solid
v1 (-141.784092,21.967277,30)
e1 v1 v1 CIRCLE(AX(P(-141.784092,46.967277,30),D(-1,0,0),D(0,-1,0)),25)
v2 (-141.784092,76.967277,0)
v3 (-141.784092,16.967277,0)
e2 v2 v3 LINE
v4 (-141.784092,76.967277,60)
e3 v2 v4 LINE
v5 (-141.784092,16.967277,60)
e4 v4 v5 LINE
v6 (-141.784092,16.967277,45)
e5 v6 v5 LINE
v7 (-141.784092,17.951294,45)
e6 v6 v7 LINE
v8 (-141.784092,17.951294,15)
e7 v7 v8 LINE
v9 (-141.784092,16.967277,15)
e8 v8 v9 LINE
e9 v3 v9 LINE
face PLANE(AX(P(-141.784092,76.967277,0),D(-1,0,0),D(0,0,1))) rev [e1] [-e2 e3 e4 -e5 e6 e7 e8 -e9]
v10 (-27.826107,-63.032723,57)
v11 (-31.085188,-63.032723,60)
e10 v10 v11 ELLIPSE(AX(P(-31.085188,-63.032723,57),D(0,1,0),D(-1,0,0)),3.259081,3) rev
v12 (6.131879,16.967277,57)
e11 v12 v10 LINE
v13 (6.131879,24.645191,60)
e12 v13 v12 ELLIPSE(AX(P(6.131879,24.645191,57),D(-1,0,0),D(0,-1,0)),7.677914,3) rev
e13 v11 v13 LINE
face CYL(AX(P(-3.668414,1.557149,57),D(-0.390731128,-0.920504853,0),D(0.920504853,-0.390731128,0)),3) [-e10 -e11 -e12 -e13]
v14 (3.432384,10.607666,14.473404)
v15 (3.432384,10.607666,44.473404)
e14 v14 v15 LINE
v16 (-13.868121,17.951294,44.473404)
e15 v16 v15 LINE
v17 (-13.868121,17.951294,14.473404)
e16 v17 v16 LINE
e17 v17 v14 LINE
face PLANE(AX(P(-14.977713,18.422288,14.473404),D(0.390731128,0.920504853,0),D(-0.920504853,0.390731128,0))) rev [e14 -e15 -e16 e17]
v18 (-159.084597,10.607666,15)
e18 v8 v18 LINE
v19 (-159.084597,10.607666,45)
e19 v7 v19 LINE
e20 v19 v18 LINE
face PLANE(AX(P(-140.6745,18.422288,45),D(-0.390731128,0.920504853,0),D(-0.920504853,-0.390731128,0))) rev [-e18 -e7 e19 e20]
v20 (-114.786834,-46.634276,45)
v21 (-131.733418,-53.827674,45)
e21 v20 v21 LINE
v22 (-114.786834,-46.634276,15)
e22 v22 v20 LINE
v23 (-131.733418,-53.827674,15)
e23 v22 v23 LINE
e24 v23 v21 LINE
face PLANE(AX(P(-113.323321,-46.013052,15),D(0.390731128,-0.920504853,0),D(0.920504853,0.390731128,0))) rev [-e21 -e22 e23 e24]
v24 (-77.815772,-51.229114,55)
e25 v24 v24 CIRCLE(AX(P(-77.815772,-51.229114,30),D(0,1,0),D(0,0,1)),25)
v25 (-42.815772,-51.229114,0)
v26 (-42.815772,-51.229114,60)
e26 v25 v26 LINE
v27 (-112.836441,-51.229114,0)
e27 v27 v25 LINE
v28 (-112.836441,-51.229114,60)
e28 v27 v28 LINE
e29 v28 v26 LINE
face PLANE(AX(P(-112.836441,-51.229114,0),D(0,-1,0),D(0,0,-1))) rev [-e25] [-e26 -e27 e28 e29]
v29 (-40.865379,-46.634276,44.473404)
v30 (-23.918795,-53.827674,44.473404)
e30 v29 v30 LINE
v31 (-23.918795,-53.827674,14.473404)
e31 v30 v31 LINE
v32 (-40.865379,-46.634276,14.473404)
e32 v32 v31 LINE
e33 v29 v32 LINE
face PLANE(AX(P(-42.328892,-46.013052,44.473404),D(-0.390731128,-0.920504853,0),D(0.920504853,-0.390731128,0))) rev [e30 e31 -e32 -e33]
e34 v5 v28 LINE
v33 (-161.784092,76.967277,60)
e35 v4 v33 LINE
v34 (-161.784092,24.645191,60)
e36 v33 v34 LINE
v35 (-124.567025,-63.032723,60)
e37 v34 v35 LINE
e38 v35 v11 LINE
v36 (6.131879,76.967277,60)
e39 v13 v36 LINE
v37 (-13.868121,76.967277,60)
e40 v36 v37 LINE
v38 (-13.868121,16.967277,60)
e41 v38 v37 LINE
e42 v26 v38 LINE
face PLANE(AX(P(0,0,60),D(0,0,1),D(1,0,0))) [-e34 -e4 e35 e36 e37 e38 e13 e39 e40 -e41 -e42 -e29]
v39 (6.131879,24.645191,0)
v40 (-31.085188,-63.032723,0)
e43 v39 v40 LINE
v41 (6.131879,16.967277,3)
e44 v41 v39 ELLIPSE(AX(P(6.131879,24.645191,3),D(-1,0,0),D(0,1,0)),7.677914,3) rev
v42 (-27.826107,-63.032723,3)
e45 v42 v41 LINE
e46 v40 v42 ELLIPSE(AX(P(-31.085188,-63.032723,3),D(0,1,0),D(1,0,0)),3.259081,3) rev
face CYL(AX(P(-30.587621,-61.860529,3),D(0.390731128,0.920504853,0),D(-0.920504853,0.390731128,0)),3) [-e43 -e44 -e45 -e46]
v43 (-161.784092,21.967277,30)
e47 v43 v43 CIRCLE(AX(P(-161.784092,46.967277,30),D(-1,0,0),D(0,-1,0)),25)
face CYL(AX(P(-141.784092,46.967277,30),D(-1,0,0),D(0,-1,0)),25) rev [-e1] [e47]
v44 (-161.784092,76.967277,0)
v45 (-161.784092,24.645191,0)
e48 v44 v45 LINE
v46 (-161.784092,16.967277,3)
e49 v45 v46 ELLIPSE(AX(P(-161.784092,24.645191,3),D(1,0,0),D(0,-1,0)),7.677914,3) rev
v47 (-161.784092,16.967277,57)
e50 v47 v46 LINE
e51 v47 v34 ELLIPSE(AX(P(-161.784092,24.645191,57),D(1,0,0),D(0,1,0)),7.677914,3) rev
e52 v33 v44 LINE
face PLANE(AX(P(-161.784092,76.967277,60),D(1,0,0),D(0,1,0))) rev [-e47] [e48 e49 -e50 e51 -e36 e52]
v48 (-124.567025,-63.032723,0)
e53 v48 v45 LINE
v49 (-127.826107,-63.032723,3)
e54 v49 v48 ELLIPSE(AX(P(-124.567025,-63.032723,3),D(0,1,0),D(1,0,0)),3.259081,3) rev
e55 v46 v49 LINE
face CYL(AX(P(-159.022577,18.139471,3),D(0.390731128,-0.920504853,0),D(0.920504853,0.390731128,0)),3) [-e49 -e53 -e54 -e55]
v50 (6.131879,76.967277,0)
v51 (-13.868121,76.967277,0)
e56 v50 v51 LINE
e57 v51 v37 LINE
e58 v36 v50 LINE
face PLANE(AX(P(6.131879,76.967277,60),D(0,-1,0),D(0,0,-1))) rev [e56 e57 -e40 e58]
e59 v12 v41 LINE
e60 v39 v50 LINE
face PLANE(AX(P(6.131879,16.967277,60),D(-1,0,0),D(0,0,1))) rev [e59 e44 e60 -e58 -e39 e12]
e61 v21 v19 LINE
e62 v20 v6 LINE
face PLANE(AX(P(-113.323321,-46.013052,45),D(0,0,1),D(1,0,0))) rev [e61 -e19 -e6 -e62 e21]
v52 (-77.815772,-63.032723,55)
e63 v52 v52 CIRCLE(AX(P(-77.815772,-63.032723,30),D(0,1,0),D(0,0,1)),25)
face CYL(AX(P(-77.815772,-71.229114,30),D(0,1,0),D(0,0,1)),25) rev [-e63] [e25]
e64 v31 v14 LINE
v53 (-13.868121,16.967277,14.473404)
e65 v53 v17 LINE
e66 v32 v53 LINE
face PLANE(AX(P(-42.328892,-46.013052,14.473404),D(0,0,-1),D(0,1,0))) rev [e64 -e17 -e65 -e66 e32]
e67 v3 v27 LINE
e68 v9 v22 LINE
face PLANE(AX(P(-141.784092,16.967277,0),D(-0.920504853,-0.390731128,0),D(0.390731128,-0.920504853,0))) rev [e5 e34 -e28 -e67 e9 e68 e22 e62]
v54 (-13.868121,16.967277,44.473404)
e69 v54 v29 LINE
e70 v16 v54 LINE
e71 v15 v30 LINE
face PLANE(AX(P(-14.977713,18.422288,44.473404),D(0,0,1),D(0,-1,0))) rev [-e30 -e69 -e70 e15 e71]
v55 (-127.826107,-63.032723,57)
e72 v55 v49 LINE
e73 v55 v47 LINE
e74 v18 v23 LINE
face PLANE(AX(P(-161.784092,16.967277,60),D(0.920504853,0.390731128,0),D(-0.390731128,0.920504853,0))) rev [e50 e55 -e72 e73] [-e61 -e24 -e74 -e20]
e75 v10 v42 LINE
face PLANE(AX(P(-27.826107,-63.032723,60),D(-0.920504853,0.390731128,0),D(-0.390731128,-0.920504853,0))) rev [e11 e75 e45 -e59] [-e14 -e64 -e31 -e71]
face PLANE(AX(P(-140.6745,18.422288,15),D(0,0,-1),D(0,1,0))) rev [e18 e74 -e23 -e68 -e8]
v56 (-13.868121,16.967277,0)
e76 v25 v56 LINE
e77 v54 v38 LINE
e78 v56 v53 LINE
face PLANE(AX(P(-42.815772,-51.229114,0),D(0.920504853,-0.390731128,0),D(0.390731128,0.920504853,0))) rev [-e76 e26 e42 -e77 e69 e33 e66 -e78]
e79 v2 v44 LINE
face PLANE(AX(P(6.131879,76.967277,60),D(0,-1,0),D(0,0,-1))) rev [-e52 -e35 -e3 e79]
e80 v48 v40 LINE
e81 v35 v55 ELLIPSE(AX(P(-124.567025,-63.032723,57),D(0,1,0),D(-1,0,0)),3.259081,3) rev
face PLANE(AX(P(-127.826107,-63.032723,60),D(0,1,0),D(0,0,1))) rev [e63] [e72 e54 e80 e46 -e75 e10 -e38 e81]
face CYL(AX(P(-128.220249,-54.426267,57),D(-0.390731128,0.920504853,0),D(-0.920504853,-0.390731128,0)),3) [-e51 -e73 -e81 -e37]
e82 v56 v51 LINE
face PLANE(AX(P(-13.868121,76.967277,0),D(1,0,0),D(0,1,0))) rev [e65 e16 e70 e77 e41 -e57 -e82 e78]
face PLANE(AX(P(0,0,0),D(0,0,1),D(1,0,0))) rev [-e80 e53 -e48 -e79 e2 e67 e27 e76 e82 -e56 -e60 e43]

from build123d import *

# Parameters (mm, degrees)
EXTRUDE_2_DEPTH     = 60
CUT_EXTRUDE_2_DEPTH = 189.939286944
SKETCH_7_R          = 25
CUT_EXTRUDE_4_DEPTH = 20
SKETCH_8_R          = 25
CUT_EXTRUDE_5_DEPTH = 20
SKETCH_9_W          = 30
SKETCH_9_H          = 70
CUT_EXTRUDE_6_DEPTH = 20
SKETCH_10_W         = 30
SKETCH_10_H         = 70
CUT_EXTRUDE_7_DEPTH = 20
FILLET_1_R          = 3
FILLET_2_R          = 3
FILLET_3_R          = 3
FILLET_4_R          = 3


with BuildPart() as part:
    # 草图1 → 凸台-拉伸2 (new body)
    with BuildSketch(Plane.XY):
        Polygon((-161.784091828, 76.967277349), (-161.784091828, 16.967277349), (-127.826106531, -63.032722651), (-27.826106531, -63.032722651), (6.131878766, 16.967277349), (6.131878766, 76.967277349), align=None)
    extrude(amount=EXTRUDE_2_DEPTH)

    # 草图5 → 切除-拉伸2 (cut, through all)
    with BuildSketch(Plane.XY.offset(60)):
        Polygon((-141.784091828, 76.967277349), (-141.784091828, 16.967277349), (-112.836441026, -51.229114277), (-42.815772036, -51.229114277), (-13.868121234, 16.967277349), (-13.868121234, 76.967277349), align=None)
    extrude(amount=-CUT_EXTRUDE_2_DEPTH, mode=Mode.SUBTRACT)

    # 草图7 → 切除-拉伸4 (cut)
    with BuildSketch(Plane.ZY.offset(161.784091828)):
        with Locations(Location((30, 46.967277349, 0), (0, 0, 270))):
            Circle(SKETCH_7_R)
    extrude(amount=-CUT_EXTRUDE_4_DEPTH, mode=Mode.SUBTRACT)

    # 草图8 → 切除-拉伸5 (cut)
    with BuildSketch(Plane(origin=(0, -51.229114277, 0), x_dir=(1, 0, 0), z_dir=(0, 1, 0))):
        with Locations(Location((-77.815772036, -30, 0), (0, 0, 270))):
            Circle(SKETCH_8_R)
    extrude(amount=-CUT_EXTRUDE_5_DEPTH, mode=Mode.SUBTRACT)

    # 草图9 → 切除-拉伸6 (cut)
    with BuildSketch(Plane(origin=(-130.981763761, -55.598460099, 0), x_dir=(0, 0, 1), z_dir=(-0.9205048534524416, -0.3907311284892711, 0))):
        with Locations((30, 36.923711729)):
            Rectangle(SKETCH_9_W, SKETCH_9_H)
    extrude(amount=-CUT_EXTRUDE_6_DEPTH, mode=Mode.SUBTRACT)

    # 草图10 → 切除-拉伸7 (cut)
    with BuildSketch(Plane(origin=(-0.906899112, 0.384955834, 0), x_dir=(0, 0, -1), z_dir=(0.9205048534524416, -0.3907311284892711, 0))):
        with Locations((-29.473403637, -23.894453133)):
            Rectangle(SKETCH_10_W, SKETCH_10_H)
    extrude(amount=-CUT_EXTRUDE_7_DEPTH, mode=Mode.SUBTRACT)

    # 圆角1
    fillet_1_edges = [part.edges().sort_by_distance(p)[0] for p in [
        (-144.805099179, -23.032722651, 0),
    ]]
    fillet(fillet_1_edges, radius=FILLET_1_R)

    # 圆角2
    fillet_2_edges = [part.edges().sort_by_distance(p)[0] for p in [
        (-144.805099179, -23.032722651, 60),
    ]]
    fillet(fillet_2_edges, radius=FILLET_2_R)

    # 圆角3
    fillet_3_edges = [part.edges().sort_by_distance(p)[0] for p in [
        (-10.847113883, -23.032722651, 60),
    ]]
    fillet(fillet_3_edges, radius=FILLET_3_R)

    # 圆角4
    fillet_4_edges = [part.edges().sort_by_distance(p)[0] for p in [
        (-10.847113883, -23.032722651, 0),
    ]]
    fillet(fillet_4_edges, radius=FILLET_4_R)


solid = part.part
